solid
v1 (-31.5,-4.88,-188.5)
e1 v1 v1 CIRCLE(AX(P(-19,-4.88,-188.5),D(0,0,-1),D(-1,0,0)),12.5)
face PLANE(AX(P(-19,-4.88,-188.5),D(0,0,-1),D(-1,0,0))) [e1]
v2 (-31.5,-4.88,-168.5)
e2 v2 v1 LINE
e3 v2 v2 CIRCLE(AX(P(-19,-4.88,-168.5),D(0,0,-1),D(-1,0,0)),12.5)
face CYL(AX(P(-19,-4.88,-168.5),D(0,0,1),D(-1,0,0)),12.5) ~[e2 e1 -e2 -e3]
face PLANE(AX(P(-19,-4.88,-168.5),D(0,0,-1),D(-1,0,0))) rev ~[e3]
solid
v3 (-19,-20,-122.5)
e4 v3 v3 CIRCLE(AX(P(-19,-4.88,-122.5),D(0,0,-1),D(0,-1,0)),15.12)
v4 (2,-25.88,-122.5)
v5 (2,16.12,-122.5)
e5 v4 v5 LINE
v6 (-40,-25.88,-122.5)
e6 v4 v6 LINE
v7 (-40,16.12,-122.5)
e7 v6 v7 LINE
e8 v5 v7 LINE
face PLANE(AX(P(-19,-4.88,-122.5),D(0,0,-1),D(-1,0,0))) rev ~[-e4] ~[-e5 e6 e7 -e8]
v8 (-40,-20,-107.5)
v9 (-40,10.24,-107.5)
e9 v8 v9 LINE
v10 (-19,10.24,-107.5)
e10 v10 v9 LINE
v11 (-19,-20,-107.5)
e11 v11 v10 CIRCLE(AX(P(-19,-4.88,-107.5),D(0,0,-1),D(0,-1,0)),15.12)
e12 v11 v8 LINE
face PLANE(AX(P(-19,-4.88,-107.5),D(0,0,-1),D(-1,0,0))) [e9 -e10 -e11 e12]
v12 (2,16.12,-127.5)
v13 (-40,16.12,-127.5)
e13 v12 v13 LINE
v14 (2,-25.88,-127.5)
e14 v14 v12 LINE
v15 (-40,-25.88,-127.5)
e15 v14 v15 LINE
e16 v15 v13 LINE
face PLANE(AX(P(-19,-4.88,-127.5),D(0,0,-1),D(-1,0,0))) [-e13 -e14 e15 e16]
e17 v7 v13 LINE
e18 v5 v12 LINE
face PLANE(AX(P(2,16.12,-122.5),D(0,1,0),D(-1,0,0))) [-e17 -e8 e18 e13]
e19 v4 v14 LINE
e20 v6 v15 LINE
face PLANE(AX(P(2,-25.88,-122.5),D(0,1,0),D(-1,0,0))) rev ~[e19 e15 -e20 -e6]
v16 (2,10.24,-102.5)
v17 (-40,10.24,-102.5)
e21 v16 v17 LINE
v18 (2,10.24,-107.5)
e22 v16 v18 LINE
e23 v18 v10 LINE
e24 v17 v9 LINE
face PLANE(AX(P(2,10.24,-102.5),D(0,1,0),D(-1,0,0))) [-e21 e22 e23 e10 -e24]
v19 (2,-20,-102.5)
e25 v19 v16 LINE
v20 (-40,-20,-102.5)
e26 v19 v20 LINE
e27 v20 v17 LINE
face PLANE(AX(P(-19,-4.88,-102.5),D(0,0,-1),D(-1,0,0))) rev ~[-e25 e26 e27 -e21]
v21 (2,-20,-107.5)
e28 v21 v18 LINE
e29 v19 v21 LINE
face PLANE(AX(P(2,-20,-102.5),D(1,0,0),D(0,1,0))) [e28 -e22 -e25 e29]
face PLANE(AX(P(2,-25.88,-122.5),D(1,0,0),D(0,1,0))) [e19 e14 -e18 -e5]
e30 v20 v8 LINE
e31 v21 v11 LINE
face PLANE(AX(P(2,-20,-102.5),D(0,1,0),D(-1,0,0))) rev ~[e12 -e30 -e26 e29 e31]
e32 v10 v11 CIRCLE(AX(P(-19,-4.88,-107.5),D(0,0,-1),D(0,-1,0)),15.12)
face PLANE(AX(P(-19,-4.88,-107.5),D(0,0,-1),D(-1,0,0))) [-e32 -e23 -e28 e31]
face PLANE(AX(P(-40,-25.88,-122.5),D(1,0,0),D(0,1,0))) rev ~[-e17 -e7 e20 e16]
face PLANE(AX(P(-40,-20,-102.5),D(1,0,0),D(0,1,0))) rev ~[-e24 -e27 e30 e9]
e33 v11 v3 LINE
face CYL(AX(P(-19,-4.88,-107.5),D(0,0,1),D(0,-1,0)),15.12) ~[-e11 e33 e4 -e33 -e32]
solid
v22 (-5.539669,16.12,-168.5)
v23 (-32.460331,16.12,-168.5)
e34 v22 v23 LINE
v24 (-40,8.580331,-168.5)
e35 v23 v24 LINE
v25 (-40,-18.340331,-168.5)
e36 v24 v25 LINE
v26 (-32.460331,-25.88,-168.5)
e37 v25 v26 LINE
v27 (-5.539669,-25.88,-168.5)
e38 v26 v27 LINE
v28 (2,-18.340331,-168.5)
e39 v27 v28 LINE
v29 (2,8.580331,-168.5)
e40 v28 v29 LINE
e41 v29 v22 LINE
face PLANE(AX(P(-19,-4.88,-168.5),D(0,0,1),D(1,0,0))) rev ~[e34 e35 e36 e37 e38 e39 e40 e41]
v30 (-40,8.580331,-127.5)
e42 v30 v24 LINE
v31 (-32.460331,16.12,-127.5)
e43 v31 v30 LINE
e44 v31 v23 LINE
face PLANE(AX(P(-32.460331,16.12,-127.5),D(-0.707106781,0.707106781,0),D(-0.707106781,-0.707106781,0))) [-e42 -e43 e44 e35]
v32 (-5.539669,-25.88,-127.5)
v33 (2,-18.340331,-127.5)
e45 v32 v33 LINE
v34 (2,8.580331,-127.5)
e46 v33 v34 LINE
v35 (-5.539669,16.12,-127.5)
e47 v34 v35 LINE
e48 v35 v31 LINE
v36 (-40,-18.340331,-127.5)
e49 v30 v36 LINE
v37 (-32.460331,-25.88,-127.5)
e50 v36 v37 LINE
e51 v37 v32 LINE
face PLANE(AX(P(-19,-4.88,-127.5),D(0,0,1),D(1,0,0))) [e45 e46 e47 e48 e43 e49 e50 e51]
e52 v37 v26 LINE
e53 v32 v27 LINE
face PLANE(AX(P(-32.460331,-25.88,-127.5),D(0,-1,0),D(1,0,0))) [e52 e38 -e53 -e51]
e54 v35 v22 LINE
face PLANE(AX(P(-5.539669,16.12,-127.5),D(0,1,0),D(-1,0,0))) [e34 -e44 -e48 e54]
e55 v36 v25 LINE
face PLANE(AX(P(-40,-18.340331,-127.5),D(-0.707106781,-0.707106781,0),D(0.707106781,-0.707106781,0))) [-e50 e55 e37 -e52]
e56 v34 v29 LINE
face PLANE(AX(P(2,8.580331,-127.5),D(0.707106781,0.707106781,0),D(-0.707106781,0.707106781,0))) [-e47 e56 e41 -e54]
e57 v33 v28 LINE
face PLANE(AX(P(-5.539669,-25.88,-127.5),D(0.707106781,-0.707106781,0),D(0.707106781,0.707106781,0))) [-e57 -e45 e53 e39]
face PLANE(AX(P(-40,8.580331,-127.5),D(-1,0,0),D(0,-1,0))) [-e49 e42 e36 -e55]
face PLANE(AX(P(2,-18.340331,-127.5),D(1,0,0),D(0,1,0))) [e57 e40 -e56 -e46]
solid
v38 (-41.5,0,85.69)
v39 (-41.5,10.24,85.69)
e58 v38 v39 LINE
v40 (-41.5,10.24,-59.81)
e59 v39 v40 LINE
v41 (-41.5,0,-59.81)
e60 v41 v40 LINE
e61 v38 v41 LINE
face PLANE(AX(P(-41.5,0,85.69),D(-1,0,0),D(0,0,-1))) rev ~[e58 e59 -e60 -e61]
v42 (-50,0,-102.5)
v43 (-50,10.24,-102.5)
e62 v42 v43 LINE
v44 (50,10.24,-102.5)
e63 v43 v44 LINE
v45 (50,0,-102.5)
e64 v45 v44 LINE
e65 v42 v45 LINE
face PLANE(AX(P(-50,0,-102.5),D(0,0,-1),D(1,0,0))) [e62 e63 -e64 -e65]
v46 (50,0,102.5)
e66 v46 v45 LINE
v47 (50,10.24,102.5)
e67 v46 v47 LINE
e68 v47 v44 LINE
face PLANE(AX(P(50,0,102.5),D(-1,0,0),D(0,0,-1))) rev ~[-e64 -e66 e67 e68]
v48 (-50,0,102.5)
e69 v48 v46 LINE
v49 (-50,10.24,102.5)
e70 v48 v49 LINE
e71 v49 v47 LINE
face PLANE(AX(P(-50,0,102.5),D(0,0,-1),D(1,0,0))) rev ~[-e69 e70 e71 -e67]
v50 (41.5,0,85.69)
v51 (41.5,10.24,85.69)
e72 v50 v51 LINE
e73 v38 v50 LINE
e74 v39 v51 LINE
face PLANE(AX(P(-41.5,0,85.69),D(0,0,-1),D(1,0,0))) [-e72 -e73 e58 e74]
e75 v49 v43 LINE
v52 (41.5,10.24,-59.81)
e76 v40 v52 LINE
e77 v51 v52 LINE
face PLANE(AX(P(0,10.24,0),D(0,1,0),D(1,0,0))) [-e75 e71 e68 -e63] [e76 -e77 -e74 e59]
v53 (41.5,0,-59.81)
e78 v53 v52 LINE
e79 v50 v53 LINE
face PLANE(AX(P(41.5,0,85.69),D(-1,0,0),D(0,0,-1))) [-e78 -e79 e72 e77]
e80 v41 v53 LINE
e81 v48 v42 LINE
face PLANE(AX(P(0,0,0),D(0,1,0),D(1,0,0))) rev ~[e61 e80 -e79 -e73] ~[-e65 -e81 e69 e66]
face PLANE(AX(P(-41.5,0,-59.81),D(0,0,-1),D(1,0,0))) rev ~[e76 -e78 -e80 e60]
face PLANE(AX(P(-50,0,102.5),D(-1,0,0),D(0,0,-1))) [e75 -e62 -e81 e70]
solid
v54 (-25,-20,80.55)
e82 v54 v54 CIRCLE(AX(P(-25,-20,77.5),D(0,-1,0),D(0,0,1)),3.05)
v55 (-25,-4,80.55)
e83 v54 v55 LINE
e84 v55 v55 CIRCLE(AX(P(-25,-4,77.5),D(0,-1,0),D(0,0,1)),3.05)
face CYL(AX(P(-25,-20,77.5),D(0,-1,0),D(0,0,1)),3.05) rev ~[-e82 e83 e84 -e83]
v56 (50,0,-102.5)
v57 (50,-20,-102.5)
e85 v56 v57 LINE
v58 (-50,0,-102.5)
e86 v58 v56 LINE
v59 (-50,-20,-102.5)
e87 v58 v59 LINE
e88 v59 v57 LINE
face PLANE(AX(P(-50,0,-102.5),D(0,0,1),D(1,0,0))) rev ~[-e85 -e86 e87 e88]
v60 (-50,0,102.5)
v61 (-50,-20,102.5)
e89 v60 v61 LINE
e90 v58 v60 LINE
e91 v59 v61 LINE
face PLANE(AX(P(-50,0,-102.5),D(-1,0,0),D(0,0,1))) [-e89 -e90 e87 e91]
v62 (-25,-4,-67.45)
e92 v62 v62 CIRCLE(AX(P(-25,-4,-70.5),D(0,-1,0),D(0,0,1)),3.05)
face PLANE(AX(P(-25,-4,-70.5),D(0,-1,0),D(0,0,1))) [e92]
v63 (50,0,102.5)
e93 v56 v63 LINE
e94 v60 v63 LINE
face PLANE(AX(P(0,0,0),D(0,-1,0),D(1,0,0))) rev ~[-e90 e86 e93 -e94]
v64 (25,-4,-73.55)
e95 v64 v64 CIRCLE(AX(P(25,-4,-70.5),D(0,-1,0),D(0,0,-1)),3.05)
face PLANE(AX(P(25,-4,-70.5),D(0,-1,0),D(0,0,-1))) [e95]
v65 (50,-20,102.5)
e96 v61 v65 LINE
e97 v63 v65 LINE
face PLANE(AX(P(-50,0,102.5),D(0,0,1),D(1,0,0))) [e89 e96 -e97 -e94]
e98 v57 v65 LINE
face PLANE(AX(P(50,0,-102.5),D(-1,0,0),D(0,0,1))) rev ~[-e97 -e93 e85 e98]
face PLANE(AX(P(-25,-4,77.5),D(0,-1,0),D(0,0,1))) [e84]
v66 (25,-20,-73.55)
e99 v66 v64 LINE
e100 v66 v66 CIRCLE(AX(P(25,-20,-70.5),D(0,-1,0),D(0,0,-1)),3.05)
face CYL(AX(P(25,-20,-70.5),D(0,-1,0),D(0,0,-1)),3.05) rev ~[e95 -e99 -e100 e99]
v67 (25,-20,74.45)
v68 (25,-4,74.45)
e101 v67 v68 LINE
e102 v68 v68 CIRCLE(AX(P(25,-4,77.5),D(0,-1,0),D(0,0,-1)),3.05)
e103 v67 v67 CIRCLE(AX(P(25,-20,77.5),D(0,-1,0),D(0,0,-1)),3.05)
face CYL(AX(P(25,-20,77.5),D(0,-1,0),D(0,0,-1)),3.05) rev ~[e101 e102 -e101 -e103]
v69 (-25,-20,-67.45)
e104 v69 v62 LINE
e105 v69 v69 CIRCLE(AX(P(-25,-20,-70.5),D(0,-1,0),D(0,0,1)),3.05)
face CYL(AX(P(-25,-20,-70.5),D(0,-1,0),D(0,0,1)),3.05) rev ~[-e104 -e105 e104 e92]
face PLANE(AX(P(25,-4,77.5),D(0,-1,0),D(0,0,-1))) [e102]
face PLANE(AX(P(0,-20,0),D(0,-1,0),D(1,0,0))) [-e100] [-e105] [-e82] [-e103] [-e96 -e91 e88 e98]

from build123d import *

# Parameters (mm, degrees)
SKETCH1_W           = 100
SKETCH1_H           = 205
SKETCH1_W_2         = 83
SKETCH1_H_2         = 145.5
BOSS_EXTRUDE1_DEPTH = 10.24
SKETCH2_W           = 100
SKETCH2_H           = 205
BOSS_EXTRUDE2_DEPTH = 20
SKETCH6_W           = 42
SKETCH6_H           = 30.24
BOSS_EXTRUDE4_DEPTH = 5
SKETCH7_R           = 15.12
BOSS_EXTRUDE5_DEPTH = 15
SKETCH8_W           = 42
SKETCH8_H           = 42
BOSS_EXTRUDE6_DEPTH = 5
BOSS_EXTRUDE7_DEPTH = 41
SKETCH10_R          = 12.5
BOSS_EXTRUDE8_DEPTH = 20
SKETCH12_R          = 3.05
CUT_EXTRUDE2_DEPTH  = 16


with BuildPart() as part:
    # Sketch1 → Boss-Extrude1 (new body)
    with BuildSketch(Plane(origin=(0, 0, 0), x_dir=(1, 0, 0), z_dir=(0, 1, 0))):
        Rectangle(SKETCH1_W, SKETCH1_H)
        with Locations((0, -12.94)):
            Rectangle(SKETCH1_W_2, SKETCH1_H_2, mode=Mode.SUBTRACT)
    extrude(amount=BOSS_EXTRUDE1_DEPTH)


with BuildPart() as body_2:
    # Sketch2 → Boss-Extrude2 (new body)
    with BuildSketch(Plane.XZ):
        Rectangle(SKETCH2_W, SKETCH2_H)
    extrude(amount=BOSS_EXTRUDE2_DEPTH)

    # Sketch12 → Cut-Extrude2 (cut)
    with BuildSketch(Plane.XZ.offset(20)):
        with Locations((25, 77.5)):
            Circle(SKETCH12_R)
        with Locations((25, -70.5)):
            Circle(SKETCH12_R)
        with Locations((-25, -70.5)):
            Circle(SKETCH12_R)
        with Locations((-25, 77.5)):
            Circle(SKETCH12_R)
    extrude(amount=-CUT_EXTRUDE2_DEPTH, mode=Mode.SUBTRACT)


with BuildPart() as body_3:
    # Sketch6 → Boss-Extrude4 (new body)
    with BuildSketch(Plane(origin=(0, 0, -102.5), x_dir=(-1, 0, 0), z_dir=(0, 0, -1))):
        with Locations((19, -4.88)):
            Rectangle(SKETCH6_W, SKETCH6_H)
    extrude(amount=BOSS_EXTRUDE4_DEPTH)

    # Sketch7 → Boss-Extrude5 (add)
    with BuildSketch(Plane(origin=(0, 0, -107.5), x_dir=(-1, 0, 0), z_dir=(0, 0, -1))):
        with Locations((19, -4.88)):
            Circle(SKETCH7_R)
    extrude(amount=BOSS_EXTRUDE5_DEPTH)

    # Sketch8 → Boss-Extrude6 (add)
    with BuildSketch(Plane(origin=(0, 0, -122.5), x_dir=(-1, 0, 0), z_dir=(0, 0, -1))):
        with Locations((19, -4.88)):
            Rectangle(SKETCH8_W, SKETCH8_H)
    extrude(amount=BOSS_EXTRUDE6_DEPTH)


with BuildPart() as body_4:
    # Sketch9 → Boss-Extrude7 (new body)
    with BuildSketch(Plane(origin=(0, 0, -127.5), x_dir=(-1, 0, 0), z_dir=(0, 0, -1))):
        Polygon((40, -18.340331321), (32.460331321, -25.88), (5.539668679, -25.88), (-2, -18.340331321), (-2, 8.580331321), (5.539668679, 16.12), (32.460331321, 16.12), (40, 8.580331321), align=None)
    extrude(amount=BOSS_EXTRUDE7_DEPTH)


with BuildPart() as body_5:
    # Sketch10 → Boss-Extrude8 (new body)
    with BuildSketch(Plane(origin=(0, 0, -168.5), x_dir=(-1, 0, 0), z_dir=(0, 0, -1))):
        with Locations((19, -4.88)):
            Circle(SKETCH10_R)
    extrude(amount=BOSS_EXTRUDE8_DEPTH)


solid = Compound([part.part, body_2.part, body_3.part, body_4.part, body_5.part])
